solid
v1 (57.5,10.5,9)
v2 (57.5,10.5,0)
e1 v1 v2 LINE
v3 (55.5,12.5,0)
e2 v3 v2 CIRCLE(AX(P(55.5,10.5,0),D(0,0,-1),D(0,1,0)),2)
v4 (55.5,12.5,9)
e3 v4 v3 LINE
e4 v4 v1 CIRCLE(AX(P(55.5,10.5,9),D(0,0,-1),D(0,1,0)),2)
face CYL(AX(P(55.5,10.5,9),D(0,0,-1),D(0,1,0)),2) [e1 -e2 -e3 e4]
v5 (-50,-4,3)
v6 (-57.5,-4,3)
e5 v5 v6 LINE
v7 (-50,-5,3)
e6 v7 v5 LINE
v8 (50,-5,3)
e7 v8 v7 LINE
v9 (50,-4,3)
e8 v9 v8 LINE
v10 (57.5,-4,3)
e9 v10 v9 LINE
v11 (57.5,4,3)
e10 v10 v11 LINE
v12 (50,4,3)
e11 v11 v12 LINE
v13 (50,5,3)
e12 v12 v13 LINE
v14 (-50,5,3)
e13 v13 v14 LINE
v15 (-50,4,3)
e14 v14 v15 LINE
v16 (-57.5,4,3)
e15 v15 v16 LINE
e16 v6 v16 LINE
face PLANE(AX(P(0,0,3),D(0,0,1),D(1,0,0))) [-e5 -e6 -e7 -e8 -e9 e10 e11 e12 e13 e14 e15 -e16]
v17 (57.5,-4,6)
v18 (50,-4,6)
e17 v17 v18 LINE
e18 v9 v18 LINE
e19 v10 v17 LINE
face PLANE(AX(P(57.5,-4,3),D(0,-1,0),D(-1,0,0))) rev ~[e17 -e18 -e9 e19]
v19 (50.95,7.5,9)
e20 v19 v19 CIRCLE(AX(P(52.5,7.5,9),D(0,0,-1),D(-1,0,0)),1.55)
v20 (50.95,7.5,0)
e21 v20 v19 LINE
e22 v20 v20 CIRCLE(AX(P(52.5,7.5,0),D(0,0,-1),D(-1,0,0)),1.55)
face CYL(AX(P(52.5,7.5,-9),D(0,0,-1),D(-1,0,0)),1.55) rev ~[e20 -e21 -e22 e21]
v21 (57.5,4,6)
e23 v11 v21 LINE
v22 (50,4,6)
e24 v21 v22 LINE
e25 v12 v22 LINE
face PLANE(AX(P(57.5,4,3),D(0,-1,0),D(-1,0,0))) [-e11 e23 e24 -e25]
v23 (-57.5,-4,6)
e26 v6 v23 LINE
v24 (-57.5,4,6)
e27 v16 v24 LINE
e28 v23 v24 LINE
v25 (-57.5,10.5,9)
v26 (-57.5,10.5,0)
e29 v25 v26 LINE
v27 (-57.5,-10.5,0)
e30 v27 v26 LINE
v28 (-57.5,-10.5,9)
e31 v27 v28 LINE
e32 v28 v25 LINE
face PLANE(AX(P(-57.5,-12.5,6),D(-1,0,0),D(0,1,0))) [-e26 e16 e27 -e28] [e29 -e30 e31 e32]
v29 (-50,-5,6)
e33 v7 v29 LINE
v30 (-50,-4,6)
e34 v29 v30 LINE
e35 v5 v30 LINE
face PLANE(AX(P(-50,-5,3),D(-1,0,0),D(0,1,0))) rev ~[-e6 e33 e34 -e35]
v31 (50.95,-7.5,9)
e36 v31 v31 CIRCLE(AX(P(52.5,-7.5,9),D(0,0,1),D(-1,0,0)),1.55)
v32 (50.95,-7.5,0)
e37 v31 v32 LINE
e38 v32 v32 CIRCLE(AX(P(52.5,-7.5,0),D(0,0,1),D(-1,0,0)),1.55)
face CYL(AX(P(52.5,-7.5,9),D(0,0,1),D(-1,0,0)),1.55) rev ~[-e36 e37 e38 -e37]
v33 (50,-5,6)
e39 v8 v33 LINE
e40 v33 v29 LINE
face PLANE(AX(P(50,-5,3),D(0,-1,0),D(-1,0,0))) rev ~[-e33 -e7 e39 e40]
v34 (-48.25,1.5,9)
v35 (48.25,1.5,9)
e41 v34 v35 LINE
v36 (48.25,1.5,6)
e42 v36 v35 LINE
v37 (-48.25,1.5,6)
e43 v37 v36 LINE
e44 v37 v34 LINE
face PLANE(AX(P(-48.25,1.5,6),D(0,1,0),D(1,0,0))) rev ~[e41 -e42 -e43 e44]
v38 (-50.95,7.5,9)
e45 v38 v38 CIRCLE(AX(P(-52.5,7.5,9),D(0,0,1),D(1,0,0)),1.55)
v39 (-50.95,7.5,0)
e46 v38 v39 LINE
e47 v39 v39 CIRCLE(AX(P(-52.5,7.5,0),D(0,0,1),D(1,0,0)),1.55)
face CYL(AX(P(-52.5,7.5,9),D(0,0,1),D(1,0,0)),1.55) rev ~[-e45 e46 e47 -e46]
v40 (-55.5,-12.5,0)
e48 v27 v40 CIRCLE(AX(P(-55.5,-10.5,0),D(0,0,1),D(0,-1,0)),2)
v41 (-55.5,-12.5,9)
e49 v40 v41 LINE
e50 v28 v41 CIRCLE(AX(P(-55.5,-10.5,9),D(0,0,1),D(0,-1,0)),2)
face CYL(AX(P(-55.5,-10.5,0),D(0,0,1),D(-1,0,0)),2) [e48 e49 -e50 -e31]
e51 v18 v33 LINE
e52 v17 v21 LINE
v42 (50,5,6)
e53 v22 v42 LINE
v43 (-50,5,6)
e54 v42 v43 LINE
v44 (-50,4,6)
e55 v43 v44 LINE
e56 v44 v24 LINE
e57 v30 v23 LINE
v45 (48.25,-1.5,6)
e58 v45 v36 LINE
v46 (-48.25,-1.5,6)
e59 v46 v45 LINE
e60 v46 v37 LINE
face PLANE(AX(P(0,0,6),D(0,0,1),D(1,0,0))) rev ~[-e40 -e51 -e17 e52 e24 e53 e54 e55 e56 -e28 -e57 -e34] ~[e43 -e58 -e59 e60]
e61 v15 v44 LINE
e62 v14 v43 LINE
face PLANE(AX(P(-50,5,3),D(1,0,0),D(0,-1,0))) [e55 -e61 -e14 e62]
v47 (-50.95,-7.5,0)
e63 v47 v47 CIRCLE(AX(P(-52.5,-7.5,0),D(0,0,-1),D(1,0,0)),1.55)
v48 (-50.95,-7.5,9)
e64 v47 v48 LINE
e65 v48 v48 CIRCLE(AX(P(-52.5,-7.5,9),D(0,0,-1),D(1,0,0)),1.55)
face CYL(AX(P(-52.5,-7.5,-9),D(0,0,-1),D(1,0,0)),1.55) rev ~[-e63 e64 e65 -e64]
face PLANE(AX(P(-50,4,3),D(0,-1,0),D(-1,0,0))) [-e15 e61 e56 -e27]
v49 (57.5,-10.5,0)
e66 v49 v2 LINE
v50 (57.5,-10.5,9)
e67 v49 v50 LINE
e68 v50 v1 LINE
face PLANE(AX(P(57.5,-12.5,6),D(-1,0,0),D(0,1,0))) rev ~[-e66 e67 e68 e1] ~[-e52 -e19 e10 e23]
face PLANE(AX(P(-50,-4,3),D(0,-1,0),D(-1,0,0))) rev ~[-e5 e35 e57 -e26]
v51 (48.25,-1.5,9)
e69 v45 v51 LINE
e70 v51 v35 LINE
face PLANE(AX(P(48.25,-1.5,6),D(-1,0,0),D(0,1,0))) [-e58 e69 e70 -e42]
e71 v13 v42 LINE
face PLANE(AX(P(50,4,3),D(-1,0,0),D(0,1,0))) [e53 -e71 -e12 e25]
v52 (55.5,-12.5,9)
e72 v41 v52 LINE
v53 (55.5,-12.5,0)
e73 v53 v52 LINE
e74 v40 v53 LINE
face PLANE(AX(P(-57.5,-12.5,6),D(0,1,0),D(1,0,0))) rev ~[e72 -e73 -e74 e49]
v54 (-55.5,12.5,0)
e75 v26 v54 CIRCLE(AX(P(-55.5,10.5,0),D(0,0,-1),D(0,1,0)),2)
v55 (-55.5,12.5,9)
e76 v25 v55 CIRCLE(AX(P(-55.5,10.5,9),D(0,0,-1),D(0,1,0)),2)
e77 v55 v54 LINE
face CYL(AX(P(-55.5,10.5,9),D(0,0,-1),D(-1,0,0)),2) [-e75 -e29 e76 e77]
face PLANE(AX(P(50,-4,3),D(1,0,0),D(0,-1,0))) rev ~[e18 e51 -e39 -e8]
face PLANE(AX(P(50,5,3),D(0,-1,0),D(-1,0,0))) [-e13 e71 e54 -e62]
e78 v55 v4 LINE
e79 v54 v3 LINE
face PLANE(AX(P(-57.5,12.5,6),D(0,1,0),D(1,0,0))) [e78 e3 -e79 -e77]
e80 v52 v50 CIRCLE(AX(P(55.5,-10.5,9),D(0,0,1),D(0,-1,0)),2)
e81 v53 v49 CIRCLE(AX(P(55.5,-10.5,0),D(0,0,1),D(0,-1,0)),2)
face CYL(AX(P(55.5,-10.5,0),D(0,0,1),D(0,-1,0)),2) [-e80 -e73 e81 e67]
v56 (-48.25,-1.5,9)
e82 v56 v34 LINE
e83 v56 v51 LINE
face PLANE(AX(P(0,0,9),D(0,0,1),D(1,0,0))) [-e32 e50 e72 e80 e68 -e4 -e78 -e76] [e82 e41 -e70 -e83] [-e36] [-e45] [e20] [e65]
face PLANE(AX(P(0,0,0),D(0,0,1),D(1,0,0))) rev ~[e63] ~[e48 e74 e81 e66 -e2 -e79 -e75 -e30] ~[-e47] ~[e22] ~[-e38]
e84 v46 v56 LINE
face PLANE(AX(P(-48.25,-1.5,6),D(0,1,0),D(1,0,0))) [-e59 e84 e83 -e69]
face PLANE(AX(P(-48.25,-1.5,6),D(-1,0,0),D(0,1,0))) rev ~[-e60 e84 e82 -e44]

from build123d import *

# Parameters (mm, degrees)
SKETCH_W              = 115
SKETCH_H              = 25
PAD_DEPTH             = 3
PAD001_DEPTH          = 3
SKETCH002_W           = 115
SKETCH002_H           = 25
SKETCH002_W_2         = 96.5
SKETCH002_H_2         = 3
PAD002_DEPTH          = 3
SKETCH003_R           = 1.55
POCKET_DEPTH          = 245.060315
POLARPATTERN_COUNT    = 2
POLARPATTERN001_COUNT = 2
POLARPATTERN002_COUNT = 2
FILLET_R              = 2


with BuildPart() as part:
    # Sketch → Pad (new body)
    with BuildSketch(Plane.XY):
        Rectangle(SKETCH_W, SKETCH_H)
    extrude(amount=PAD_DEPTH)

    # Sketch001 (on Face6 of Pad) → Pad001 (join)
    with BuildSketch(Plane.XY.offset(3)):
        Polygon((-57.5, 12.5), (57.5, 12.5), (57.5, 4), (50, 4), (50, 5), (-50, 5), (-50, 4), (-57.5, 4), align=None)
        Polygon((-57.5, -12.5), (57.5, -12.5), (57.5, -4), (50, -4), (50, -5), (-50, -5), (-50, -4), (-57.5, -4), align=None)
    extrude(amount=PAD001_DEPTH)

    # Sketch002 (on Face12 of Pad001) → Pad002 (join)
    with BuildSketch(Plane.XY.offset(6)):
        Rectangle(SKETCH002_W, SKETCH002_H)
        Rectangle(SKETCH002_W_2, SKETCH002_H_2, mode=Mode.SUBTRACT)
    extrude(amount=PAD002_DEPTH)

    # Sketch003 (on Face26 of Pad002) → Pocket (cut, through all)
    with BuildSketch(Plane.XY.offset(9)):
        with Locations((-52.5, 7.5)):
            Circle(SKETCH003_R)
    pocket = extrude(amount=-POCKET_DEPTH, mode=Mode.SUBTRACT)

    # PolarPattern: Pocket ×2 about axis
    polarpattern_axis = Axis((0, 0, 0), (0, 1, 0))
    for i in range(1, POLARPATTERN_COUNT):
        add(pocket.rotate(polarpattern_axis, i * 360 / POLARPATTERN_COUNT), mode=Mode.SUBTRACT)

    # PolarPattern001: Pocket ×2 about axis
    polarpattern001_axis = Axis((0, 0, 0), (1, 0, 0))
    for i in range(1, POLARPATTERN001_COUNT):
        add(pocket.rotate(polarpattern001_axis, i * 360 / POLARPATTERN001_COUNT), mode=Mode.SUBTRACT)

    # PolarPattern002: Pocket ×2 about axis
    polarpattern002_axis = Axis((0, 0, 9), (0, 0, 1))
    for i in range(1, POLARPATTERN002_COUNT):
        add(pocket.rotate(polarpattern002_axis, i * 360 / POLARPATTERN002_COUNT), mode=Mode.SUBTRACT)

    # Fillet
    fillet_edges = [part.edges().sort_by_distance(p)[0] for p in [
        (57.5, 12.5, 7.5),
        (57.5, 12.5, 4.5),
        (57.5, 12.5, 1.5),
        (57.5, -12.5, 7.5),
        (-57.5, 12.5, 7.5),
        (-57.5, -12.5, 7.5),
    ]]
    fillet(fillet_edges, radius=FILLET_R)


solid = part.part
